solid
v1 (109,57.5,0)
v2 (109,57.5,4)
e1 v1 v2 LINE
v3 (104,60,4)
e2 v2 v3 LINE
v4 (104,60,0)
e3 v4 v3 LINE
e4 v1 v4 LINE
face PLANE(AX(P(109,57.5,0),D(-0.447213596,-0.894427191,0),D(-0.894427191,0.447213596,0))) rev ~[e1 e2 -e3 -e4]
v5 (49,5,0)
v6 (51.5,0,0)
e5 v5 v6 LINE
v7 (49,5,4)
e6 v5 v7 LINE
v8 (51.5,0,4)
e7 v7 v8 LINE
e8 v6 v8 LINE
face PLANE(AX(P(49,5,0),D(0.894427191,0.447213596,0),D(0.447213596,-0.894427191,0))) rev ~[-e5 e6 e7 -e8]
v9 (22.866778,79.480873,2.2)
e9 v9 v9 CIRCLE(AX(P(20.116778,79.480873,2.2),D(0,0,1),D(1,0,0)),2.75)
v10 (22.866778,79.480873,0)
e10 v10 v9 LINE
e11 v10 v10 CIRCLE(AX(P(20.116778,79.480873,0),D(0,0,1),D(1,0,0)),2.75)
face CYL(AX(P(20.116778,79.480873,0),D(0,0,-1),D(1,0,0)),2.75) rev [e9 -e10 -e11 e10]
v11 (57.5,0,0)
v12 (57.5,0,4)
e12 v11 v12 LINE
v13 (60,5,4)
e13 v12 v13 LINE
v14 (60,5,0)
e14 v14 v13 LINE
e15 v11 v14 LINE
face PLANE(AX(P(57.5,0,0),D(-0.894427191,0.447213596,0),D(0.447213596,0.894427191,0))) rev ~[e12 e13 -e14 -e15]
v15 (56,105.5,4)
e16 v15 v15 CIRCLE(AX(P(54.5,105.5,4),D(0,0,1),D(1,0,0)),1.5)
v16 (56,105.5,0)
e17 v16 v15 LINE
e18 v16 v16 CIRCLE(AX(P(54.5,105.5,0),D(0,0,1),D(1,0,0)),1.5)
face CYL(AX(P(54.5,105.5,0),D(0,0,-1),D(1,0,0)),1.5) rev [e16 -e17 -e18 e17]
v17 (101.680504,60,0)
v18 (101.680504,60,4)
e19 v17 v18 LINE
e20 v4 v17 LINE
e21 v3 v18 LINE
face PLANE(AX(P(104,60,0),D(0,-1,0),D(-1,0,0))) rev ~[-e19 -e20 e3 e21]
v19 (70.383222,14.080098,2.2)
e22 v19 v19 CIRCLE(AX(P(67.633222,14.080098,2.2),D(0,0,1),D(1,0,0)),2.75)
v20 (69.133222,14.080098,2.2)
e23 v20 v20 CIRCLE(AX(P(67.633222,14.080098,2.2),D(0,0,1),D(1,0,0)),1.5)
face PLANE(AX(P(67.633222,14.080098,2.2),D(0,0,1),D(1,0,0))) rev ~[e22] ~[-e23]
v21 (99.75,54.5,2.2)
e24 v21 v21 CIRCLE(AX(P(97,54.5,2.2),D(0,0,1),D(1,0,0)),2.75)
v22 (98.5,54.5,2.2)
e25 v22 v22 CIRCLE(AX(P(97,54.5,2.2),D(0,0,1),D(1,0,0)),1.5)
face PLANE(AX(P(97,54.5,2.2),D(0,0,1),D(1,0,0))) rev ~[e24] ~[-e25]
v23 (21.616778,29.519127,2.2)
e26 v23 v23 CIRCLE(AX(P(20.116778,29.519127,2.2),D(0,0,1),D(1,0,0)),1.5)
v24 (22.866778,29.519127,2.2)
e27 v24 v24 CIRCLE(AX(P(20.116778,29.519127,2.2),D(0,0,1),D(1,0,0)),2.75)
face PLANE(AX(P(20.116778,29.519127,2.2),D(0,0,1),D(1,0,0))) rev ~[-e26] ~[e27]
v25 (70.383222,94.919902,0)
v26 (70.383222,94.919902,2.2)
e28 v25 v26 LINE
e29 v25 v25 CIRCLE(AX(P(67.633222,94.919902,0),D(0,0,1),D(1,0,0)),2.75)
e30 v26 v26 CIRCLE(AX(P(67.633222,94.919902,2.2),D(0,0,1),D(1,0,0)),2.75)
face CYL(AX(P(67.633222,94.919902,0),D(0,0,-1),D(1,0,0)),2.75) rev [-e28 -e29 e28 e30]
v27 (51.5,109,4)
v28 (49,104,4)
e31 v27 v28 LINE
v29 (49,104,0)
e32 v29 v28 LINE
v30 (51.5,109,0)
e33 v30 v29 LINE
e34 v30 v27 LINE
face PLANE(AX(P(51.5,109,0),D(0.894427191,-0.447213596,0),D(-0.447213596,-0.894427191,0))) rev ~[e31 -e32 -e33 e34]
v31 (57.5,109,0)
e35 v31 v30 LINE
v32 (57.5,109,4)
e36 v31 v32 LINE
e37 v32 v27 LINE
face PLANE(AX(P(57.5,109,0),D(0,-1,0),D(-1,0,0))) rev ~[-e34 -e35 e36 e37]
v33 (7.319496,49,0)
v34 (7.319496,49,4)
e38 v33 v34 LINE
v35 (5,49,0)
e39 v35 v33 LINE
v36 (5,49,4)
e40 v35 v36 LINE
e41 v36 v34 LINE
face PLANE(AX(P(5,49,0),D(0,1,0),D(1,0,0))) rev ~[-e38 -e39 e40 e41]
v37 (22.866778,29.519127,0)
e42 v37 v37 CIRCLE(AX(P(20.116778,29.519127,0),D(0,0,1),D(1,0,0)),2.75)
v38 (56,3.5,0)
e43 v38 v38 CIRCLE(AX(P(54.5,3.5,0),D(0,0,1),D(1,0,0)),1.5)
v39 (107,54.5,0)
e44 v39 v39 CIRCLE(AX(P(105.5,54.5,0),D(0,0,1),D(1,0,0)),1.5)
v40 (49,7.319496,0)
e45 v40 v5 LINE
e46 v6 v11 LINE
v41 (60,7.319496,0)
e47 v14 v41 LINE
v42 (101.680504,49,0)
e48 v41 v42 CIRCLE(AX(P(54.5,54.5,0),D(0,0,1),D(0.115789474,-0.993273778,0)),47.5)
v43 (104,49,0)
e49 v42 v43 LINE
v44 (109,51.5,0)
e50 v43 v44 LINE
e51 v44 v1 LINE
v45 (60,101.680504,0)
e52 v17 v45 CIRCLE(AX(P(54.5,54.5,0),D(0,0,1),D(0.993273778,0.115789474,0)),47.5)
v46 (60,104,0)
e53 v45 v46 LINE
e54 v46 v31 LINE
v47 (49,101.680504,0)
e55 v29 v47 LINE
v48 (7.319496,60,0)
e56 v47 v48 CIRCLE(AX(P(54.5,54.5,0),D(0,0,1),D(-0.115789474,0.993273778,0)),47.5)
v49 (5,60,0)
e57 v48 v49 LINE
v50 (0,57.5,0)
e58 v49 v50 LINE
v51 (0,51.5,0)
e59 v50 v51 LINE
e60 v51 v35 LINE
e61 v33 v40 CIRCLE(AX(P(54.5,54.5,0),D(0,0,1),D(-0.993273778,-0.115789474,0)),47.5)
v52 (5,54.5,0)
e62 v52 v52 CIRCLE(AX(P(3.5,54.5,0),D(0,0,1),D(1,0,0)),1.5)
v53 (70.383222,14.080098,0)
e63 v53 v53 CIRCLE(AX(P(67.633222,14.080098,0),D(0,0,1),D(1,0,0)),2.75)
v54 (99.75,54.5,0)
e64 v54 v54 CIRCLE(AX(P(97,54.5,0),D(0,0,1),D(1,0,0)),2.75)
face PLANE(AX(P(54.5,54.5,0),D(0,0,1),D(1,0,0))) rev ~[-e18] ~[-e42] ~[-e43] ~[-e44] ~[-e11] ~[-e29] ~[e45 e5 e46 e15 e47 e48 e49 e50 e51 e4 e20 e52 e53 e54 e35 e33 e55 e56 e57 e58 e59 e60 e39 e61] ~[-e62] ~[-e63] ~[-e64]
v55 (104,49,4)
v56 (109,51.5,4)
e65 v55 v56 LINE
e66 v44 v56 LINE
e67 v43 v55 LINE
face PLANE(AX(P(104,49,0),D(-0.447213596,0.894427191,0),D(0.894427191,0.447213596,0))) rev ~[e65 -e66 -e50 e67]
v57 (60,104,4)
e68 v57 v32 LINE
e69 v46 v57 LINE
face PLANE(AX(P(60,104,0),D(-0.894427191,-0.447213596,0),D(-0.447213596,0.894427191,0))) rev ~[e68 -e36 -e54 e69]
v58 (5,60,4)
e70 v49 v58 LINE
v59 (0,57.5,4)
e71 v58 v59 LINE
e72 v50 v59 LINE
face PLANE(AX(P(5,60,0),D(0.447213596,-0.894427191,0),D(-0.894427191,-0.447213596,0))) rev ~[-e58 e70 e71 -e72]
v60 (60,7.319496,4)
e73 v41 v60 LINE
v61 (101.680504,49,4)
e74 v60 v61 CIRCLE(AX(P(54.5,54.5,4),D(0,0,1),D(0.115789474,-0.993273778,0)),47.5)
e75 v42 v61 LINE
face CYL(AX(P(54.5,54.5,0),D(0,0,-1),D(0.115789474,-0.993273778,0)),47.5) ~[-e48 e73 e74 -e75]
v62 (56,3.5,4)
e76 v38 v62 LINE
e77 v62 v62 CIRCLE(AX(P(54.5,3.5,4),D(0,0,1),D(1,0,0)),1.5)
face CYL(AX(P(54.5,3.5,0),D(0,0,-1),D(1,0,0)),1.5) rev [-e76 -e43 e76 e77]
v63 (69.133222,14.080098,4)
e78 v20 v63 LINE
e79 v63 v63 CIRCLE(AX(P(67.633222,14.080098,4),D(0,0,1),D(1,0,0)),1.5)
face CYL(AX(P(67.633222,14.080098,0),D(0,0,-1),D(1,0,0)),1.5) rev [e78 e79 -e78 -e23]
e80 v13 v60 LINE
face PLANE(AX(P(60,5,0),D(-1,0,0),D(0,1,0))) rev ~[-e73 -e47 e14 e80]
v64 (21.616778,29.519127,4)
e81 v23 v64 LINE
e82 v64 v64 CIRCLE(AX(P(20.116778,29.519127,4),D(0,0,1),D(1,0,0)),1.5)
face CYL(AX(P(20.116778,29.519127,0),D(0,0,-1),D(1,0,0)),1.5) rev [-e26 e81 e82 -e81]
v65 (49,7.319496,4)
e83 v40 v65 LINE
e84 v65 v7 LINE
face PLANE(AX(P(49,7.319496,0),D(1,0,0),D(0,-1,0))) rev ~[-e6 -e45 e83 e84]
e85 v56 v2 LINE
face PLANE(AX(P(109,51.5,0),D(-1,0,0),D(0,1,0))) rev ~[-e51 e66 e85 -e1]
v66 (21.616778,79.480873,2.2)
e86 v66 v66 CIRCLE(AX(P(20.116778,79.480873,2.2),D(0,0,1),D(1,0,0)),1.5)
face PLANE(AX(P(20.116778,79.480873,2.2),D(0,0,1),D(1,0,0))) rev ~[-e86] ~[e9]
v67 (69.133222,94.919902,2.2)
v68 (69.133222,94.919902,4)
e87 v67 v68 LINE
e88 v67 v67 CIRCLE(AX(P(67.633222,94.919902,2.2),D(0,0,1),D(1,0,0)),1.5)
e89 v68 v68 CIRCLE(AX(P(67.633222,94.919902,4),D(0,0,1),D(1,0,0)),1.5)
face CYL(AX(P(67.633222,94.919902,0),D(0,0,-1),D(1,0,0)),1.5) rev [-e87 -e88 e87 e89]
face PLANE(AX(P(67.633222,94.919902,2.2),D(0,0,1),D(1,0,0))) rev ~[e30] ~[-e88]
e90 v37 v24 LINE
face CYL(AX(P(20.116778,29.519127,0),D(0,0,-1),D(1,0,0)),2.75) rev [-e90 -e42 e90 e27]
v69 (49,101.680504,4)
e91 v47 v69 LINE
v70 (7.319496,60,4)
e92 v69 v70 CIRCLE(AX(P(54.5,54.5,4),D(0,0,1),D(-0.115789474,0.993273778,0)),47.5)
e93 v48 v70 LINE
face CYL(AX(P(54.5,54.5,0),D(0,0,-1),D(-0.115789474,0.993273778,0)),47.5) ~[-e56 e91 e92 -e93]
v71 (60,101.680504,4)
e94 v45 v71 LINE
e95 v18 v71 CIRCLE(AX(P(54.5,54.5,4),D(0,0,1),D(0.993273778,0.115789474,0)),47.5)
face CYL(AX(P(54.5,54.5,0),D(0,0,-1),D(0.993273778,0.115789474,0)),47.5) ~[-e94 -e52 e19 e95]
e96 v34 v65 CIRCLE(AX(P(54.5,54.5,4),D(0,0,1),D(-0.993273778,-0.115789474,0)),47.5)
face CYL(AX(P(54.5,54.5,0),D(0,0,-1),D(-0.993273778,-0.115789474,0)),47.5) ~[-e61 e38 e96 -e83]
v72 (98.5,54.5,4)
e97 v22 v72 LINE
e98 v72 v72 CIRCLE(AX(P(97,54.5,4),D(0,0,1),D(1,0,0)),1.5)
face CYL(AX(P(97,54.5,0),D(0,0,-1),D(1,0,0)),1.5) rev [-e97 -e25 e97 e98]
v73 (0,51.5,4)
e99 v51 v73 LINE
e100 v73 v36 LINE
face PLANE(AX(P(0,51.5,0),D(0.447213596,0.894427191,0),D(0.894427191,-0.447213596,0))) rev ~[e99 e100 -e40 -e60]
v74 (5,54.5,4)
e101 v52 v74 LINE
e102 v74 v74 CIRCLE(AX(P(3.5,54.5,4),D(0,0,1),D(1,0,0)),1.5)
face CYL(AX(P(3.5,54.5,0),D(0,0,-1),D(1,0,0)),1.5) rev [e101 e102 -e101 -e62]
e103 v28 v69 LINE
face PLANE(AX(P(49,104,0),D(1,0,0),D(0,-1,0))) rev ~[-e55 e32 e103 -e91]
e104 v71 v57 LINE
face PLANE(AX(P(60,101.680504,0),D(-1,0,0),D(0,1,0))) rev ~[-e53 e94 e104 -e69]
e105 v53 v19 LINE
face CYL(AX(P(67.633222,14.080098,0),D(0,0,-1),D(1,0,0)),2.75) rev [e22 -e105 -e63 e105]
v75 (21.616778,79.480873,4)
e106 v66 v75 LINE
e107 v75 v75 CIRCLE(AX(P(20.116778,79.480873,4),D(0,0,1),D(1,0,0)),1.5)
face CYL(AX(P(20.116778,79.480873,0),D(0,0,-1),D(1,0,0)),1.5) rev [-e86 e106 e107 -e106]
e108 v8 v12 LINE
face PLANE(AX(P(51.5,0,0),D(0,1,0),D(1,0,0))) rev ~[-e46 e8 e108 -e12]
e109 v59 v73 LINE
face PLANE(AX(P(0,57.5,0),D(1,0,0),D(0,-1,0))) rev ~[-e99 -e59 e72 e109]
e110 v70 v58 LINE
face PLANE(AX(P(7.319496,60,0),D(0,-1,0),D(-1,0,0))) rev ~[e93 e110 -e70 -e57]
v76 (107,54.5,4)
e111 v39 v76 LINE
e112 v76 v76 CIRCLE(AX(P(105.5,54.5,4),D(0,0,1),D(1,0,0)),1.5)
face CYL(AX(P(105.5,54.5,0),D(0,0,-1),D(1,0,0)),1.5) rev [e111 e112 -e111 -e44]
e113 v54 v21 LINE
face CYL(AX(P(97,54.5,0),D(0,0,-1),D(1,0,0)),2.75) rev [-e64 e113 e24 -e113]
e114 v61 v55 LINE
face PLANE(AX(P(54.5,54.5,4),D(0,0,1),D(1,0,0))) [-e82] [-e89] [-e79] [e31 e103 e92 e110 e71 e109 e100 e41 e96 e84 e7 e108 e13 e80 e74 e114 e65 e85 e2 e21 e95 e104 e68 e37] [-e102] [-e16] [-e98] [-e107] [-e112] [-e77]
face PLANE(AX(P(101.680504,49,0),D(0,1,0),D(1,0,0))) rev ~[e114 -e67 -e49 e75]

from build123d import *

# Parameters (mm, degrees)
SKETCH1_R           = 1.5
BOSS_EXTRUDE2_DEPTH = 4
SKETCH1_4_R         = 2.75
SKETCH1_4_R_2       = 1.5
CUT_EXTRUDE1_DEPTH  = 2.2


with BuildPart() as part:
    # Sketch1 → Boss-Extrude2 (new body)
    with BuildSketch(Plane.XY):
        with BuildLine():
            Line((57.5, 109), (51.5, 109))
            Line((51.5, 109), (49, 104))
            Line((49, 104), (49, 101.680504448))
            ThreePointArc((49, 101.680504448), (20.912427894, 88.087572106), (7.319495552, 60))
            Line((7.319495552, 60), (5, 60))
            Line((5, 60), (0, 57.5))
            Line((0, 57.5), (0, 51.5))
            Line((0, 51.5), (5, 49))
            Line((5, 49), (7.319495552, 49))
            ThreePointArc((7.319495552, 49), (20.912427894, 20.912427894), (49, 7.319495552))
            Line((49, 7.319495552), (49, 5))
            Line((49, 5), (51.5, 0))
            Line((51.5, 0), (57.5, 0))
            Line((57.5, 0), (60, 5))
            Line((60, 5), (60, 7.319495552))
            ThreePointArc((60, 7.319495552), (88.087572106, 20.912427894), (101.680504448, 49))
            Line((101.680504448, 49), (104, 49))
            Line((104, 49), (109, 51.5))
            Line((109, 51.5), (109, 57.5))
            Line((109, 57.5), (104, 60))
            Line((104, 60), (101.680504448, 60))
            ThreePointArc((101.680504448, 60), (88.087572106, 88.087572106), (60, 101.680504448))
            Line((60, 101.680504448), (60, 104))
            Line((60, 104), (57.5, 109))
        make_face()
        with Locations((54.5, 3.5)):
            Circle(SKETCH1_R, mode=Mode.SUBTRACT)
        with Locations((3.5, 54.5)):
            Circle(SKETCH1_R, mode=Mode.SUBTRACT)
        with Locations((105.5, 54.5)):
            Circle(SKETCH1_R, mode=Mode.SUBTRACT)
        with Locations((54.5, 105.5)):
            Circle(SKETCH1_R, mode=Mode.SUBTRACT)
        with Locations((20.116777739, 29.519126778)):
            Circle(SKETCH1_R, mode=Mode.SUBTRACT)
        with Locations((67.633222261, 14.080098057)):
            Circle(SKETCH1_R, mode=Mode.SUBTRACT)
        with Locations((20.116777739, 79.480873222)):
            Circle(SKETCH1_R, mode=Mode.SUBTRACT)
        with Locations((97, 54.5)):
            Circle(SKETCH1_R, mode=Mode.SUBTRACT)
        with Locations((67.633222261, 94.919901943)):
            Circle(SKETCH1_R, mode=Mode.SUBTRACT)
    extrude(amount=BOSS_EXTRUDE2_DEPTH)

    # Sketch1<4> → Cut-Extrude1 (cut)
    # profile 1 of 5: a face of its own
    with BuildSketch(Plane.XY):
        with Locations((20.116777739, 79.480873222)):
            Circle(SKETCH1_4_R)
        with Locations((20.116777739, 79.480873222)):
            Circle(SKETCH1_4_R_2, mode=Mode.SUBTRACT)
    # profile 2 of 5: a face of its own
    with BuildSketch(Plane.XY):
        with Locations((20.116777739, 29.519126778)):
            Circle(SKETCH1_4_R)
        with Locations((20.116777739, 29.519126778)):
            Circle(SKETCH1_4_R_2, mode=Mode.SUBTRACT)
    # profile 3 of 5: a face of its own
    with BuildSketch(Plane.XY):
        with Locations((67.633222261, 94.919901943)):
            Circle(SKETCH1_4_R)
        with Locations((67.633222261, 94.919901943)):
            Circle(SKETCH1_4_R_2, mode=Mode.SUBTRACT)
    # profile 4 of 5: a face of its own
    with BuildSketch(Plane.XY):
        with Locations((97, 54.5)):
            Circle(SKETCH1_4_R)
        with Locations((97, 54.5)):
            Circle(SKETCH1_4_R_2, mode=Mode.SUBTRACT)
    # profile 5 of 5: a face of its own
    with BuildSketch(Plane.XY):
        with Locations((67.633222261, 14.080098057)):
            Circle(SKETCH1_4_R)
        with Locations((67.633222261, 14.080098057)):
            Circle(SKETCH1_4_R_2, mode=Mode.SUBTRACT)
    extrude(amount=CUT_EXTRUDE1_DEPTH, mode=Mode.SUBTRACT)


solid = part.part
